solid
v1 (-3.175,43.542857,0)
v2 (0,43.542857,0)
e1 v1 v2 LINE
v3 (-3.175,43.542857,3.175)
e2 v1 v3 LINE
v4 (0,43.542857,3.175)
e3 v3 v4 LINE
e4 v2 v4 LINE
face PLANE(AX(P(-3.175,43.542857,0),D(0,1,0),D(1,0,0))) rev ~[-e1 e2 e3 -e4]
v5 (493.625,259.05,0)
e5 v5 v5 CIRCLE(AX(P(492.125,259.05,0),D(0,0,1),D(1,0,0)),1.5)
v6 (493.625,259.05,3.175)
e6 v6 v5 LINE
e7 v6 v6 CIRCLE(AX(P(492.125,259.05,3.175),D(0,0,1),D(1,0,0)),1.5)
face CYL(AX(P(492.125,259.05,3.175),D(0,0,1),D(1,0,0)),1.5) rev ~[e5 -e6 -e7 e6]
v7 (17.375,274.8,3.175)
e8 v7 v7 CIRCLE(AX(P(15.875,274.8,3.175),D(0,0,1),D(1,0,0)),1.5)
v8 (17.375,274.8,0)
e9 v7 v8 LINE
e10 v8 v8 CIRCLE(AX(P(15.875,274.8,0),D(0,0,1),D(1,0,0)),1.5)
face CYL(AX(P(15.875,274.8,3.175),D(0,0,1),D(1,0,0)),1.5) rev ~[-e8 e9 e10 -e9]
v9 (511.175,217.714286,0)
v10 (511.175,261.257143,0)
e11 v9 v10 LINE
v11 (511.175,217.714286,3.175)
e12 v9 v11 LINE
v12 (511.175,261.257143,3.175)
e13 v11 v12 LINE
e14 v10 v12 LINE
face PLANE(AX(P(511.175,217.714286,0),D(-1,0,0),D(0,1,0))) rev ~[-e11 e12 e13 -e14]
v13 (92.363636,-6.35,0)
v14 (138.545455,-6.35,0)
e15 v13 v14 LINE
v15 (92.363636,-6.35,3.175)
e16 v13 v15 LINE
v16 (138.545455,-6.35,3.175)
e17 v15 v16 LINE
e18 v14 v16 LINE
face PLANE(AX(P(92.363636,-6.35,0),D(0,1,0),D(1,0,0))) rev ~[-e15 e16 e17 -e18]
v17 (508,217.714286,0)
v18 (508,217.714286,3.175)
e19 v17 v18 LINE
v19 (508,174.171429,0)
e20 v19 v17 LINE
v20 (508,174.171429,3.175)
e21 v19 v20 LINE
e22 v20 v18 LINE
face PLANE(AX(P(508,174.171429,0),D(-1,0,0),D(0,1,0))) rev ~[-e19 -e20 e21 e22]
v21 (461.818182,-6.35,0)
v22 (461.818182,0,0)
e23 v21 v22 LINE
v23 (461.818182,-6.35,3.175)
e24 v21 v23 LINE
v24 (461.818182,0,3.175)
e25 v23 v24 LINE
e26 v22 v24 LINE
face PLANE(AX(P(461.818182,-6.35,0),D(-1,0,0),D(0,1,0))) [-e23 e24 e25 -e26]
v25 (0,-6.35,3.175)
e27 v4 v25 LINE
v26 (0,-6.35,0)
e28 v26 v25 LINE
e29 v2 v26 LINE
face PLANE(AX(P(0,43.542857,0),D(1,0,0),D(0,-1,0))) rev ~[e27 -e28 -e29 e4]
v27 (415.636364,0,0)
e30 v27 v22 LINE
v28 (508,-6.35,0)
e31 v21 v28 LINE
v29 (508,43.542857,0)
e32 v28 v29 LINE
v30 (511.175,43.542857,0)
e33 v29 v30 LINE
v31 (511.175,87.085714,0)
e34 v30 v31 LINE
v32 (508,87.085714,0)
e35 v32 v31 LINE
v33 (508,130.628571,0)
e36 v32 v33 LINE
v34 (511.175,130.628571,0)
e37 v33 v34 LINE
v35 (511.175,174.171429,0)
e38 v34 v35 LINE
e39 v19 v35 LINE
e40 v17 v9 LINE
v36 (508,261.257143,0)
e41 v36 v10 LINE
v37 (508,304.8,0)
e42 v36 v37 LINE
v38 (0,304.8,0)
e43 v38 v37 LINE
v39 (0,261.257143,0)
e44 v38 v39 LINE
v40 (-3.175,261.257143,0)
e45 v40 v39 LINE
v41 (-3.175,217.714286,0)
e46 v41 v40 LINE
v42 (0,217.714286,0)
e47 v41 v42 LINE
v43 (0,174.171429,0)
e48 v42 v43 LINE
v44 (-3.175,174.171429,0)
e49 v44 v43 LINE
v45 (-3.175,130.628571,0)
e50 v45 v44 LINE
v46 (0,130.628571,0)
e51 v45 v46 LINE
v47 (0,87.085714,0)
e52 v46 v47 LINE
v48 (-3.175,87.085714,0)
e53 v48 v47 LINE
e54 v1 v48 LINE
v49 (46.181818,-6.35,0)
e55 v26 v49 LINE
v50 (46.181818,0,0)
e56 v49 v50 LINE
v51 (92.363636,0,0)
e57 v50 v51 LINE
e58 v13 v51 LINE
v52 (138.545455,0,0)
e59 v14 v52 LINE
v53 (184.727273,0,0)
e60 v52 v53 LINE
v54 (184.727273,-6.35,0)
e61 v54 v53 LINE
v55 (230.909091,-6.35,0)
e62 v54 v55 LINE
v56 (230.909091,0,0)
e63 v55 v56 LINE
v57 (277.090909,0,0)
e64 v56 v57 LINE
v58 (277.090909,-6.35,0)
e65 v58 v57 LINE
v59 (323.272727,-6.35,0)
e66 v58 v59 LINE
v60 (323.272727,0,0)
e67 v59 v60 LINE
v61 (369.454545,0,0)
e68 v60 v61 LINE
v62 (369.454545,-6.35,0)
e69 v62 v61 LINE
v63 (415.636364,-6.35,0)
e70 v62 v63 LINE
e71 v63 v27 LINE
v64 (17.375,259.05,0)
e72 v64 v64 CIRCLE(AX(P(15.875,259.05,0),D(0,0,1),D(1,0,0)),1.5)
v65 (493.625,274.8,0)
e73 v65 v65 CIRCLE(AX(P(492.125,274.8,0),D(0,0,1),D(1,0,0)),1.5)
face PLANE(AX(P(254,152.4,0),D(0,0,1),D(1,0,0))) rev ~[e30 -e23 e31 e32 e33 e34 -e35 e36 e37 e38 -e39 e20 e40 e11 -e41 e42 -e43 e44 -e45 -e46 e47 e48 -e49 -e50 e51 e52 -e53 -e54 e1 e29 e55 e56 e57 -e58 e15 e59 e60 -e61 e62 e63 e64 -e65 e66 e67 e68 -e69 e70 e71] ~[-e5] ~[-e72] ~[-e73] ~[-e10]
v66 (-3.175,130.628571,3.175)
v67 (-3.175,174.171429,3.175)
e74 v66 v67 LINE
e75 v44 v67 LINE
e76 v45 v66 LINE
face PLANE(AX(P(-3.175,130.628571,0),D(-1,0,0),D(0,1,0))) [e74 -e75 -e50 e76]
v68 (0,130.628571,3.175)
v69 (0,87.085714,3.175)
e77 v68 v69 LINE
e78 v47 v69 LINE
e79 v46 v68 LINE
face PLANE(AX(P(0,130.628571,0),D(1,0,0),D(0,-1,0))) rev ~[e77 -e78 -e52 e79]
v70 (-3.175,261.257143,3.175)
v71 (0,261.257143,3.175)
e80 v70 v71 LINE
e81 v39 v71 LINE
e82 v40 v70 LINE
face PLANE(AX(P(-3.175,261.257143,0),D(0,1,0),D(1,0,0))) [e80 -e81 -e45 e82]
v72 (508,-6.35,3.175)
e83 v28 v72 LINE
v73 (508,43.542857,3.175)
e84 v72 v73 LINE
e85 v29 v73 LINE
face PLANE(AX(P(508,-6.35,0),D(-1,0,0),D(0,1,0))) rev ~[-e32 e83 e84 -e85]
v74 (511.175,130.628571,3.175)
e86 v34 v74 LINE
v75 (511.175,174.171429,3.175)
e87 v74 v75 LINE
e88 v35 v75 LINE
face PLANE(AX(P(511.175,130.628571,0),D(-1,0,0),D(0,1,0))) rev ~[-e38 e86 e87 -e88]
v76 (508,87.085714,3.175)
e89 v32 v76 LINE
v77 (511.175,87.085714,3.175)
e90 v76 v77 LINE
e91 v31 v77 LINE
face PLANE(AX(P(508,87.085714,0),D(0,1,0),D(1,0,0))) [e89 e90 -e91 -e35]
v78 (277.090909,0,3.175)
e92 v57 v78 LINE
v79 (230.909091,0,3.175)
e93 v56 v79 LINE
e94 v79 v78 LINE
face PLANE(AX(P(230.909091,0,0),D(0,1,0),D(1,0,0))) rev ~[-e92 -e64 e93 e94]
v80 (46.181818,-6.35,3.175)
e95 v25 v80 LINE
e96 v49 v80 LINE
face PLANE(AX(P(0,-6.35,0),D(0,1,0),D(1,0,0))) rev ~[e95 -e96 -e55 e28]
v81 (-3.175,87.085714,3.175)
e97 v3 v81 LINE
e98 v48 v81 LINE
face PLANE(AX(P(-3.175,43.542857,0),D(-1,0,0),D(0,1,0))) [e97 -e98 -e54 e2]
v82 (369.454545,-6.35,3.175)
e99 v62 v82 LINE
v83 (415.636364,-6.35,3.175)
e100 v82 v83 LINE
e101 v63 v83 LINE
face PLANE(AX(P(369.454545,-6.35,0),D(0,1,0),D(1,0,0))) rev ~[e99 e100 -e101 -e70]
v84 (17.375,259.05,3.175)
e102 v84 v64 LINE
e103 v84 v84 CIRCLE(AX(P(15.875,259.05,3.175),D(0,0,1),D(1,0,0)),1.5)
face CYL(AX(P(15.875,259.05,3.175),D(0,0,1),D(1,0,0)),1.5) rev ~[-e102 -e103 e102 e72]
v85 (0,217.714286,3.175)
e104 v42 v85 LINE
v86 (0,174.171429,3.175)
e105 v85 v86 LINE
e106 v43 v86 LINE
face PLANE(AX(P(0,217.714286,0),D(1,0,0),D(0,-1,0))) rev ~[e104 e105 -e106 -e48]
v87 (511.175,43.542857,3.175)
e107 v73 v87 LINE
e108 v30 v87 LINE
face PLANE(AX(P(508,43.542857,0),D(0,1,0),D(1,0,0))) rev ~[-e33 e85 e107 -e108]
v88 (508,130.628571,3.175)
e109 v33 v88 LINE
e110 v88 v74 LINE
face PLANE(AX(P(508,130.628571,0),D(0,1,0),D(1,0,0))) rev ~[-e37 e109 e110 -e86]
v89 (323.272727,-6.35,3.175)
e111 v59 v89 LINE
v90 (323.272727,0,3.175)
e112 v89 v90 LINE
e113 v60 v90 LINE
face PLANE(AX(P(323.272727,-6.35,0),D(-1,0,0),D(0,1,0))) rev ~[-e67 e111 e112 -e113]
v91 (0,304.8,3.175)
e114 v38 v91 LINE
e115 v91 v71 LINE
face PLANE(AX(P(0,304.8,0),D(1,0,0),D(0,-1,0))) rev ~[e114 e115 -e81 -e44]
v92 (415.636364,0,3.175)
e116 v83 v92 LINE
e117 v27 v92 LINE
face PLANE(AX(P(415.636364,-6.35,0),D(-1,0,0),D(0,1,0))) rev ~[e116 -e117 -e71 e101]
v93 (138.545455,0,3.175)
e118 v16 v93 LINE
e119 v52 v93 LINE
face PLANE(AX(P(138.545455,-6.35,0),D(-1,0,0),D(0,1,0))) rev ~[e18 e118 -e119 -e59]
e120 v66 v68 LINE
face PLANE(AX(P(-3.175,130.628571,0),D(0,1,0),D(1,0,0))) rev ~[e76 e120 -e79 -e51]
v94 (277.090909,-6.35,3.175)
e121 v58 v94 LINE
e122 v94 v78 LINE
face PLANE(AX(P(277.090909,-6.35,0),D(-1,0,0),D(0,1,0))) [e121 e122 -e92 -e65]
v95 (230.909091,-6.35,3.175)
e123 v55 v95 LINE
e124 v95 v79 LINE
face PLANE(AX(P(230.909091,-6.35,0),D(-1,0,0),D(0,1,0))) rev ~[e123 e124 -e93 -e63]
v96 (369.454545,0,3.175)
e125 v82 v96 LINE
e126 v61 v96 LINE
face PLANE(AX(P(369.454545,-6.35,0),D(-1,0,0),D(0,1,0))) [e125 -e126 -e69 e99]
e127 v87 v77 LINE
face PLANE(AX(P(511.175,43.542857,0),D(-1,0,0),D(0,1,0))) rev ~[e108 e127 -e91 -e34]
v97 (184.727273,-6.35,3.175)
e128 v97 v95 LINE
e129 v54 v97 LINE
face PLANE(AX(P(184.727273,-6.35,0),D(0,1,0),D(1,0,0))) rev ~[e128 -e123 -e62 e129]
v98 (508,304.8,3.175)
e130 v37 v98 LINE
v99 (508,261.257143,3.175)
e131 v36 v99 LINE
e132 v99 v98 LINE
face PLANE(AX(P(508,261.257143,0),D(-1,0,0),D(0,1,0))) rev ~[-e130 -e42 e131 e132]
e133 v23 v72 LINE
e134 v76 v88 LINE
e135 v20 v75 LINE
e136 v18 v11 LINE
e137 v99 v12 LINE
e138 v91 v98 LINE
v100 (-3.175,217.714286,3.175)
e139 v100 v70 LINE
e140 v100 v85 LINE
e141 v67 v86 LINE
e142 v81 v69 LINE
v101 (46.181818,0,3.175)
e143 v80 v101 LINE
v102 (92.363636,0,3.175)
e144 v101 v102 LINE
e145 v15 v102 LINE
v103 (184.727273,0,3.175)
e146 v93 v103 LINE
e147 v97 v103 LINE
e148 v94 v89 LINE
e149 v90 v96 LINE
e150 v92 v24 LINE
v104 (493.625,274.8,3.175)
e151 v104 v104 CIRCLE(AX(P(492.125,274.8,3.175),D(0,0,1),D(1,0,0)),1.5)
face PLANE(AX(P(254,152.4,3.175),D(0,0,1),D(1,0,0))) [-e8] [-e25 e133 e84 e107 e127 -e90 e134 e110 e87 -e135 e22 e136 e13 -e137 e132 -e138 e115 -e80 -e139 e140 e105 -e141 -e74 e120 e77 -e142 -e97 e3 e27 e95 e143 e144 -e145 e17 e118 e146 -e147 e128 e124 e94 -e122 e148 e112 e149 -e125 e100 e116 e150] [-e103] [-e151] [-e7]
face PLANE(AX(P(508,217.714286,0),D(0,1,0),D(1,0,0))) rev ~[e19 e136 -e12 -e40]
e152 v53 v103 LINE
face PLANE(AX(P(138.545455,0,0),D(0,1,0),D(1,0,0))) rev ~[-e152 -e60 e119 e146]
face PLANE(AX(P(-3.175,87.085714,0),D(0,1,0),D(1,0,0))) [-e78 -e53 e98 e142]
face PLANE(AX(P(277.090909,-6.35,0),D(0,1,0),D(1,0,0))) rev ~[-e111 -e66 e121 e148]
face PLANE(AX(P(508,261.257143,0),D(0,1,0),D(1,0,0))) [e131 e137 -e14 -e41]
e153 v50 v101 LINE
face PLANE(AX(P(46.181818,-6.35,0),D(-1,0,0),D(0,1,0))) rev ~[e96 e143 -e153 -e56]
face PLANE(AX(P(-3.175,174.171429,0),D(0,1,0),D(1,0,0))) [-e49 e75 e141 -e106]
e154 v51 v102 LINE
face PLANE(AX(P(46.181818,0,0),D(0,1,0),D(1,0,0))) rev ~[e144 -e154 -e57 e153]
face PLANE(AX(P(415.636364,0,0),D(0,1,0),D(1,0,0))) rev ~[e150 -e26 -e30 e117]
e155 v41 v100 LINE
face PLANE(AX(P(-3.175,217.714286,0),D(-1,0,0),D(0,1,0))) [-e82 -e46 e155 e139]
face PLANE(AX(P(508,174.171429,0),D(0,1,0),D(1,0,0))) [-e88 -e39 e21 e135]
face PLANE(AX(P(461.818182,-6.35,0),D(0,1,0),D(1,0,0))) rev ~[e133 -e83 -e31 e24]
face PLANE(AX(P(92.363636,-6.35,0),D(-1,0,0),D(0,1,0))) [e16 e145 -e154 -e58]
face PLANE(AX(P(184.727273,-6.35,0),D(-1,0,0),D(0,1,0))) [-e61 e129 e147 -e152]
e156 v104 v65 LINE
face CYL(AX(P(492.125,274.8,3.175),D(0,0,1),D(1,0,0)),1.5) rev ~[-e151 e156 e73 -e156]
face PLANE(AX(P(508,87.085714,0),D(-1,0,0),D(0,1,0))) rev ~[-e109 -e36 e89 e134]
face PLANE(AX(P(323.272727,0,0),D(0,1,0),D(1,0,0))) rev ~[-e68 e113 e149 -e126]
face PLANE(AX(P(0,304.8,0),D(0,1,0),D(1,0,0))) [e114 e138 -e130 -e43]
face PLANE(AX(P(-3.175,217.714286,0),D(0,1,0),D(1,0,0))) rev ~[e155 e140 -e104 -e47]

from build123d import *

# Parameters (mm, degrees)
SKETCH1_W           = 508
SKETCH1_H           = 304.8
SKETCH1_W_2         = 46.181818182
SKETCH1_H_2         = 6.35
SKETCH1_W_3         = 46.181818181
SKETCH1_W_4         = 3.175
SKETCH1_H_3         = 43.542857143
SKETCH1_H_4         = 43.542857142
BOSS_EXTRUDE1_DEPTH = 3.175
SKETCH2_R           = 1.5
CUT_EXTRUDE1_DEPTH  = 3.175


with BuildPart() as part:
    # Sketch1 → Boss-Extrude1 (new body)
    with BuildSketch(Plane.XY):
        with Locations((254, 152.4)):
            Rectangle(SKETCH1_W, SKETCH1_H)
        with Locations((23.090909091, -3.175)):
            Rectangle(SKETCH1_W_2, SKETCH1_H_2)
        with Locations((115.454545455, -3.175)):
            Rectangle(SKETCH1_W_3, SKETCH1_H_2)
        with Locations((207.818181818, -3.175)):
            Rectangle(SKETCH1_W_2, SKETCH1_H_2)
        with Locations((300.181818182, -3.175)):
            Rectangle(SKETCH1_W_2, SKETCH1_H_2)
        with Locations((392.545454545, -3.175)):
            Rectangle(SKETCH1_W_3, SKETCH1_H_2)
        with Locations((484.909090909, -3.175)):
            Rectangle(SKETCH1_W_2, SKETCH1_H_2)
        with Locations((509.5875, 65.314285715)):
            Rectangle(SKETCH1_W_4, SKETCH1_H_3)
        with Locations((509.5875, 152.4)):
            Rectangle(SKETCH1_W_4, SKETCH1_H_4)
        with Locations((509.5875, 239.485714286)):
            Rectangle(SKETCH1_W_4, SKETCH1_H_3)
        with Locations((-1.5875, 239.485714286)):
            Rectangle(SKETCH1_W_4, SKETCH1_H_3)
        with Locations((-1.5875, 152.4)):
            Rectangle(SKETCH1_W_4, SKETCH1_H_4)
        with Locations((-1.5875, 65.314285715)):
            Rectangle(SKETCH1_W_4, SKETCH1_H_3)
    extrude(amount=BOSS_EXTRUDE1_DEPTH)

    # Sketch2 → Cut-Extrude1 (cut)
    with BuildSketch(Plane.XY.offset(3.175)):
        with Locations((15.875, 274.8)):
            Circle(SKETCH2_R)
        with Locations((15.875, 259.05)):
            Circle(SKETCH2_R)
        with Locations((492.125, 259.05)):
            Circle(SKETCH2_R)
        with Locations((492.125, 274.8)):
            Circle(SKETCH2_R)
    extrude(amount=-CUT_EXTRUDE1_DEPTH, mode=Mode.SUBTRACT)


solid = part.part
